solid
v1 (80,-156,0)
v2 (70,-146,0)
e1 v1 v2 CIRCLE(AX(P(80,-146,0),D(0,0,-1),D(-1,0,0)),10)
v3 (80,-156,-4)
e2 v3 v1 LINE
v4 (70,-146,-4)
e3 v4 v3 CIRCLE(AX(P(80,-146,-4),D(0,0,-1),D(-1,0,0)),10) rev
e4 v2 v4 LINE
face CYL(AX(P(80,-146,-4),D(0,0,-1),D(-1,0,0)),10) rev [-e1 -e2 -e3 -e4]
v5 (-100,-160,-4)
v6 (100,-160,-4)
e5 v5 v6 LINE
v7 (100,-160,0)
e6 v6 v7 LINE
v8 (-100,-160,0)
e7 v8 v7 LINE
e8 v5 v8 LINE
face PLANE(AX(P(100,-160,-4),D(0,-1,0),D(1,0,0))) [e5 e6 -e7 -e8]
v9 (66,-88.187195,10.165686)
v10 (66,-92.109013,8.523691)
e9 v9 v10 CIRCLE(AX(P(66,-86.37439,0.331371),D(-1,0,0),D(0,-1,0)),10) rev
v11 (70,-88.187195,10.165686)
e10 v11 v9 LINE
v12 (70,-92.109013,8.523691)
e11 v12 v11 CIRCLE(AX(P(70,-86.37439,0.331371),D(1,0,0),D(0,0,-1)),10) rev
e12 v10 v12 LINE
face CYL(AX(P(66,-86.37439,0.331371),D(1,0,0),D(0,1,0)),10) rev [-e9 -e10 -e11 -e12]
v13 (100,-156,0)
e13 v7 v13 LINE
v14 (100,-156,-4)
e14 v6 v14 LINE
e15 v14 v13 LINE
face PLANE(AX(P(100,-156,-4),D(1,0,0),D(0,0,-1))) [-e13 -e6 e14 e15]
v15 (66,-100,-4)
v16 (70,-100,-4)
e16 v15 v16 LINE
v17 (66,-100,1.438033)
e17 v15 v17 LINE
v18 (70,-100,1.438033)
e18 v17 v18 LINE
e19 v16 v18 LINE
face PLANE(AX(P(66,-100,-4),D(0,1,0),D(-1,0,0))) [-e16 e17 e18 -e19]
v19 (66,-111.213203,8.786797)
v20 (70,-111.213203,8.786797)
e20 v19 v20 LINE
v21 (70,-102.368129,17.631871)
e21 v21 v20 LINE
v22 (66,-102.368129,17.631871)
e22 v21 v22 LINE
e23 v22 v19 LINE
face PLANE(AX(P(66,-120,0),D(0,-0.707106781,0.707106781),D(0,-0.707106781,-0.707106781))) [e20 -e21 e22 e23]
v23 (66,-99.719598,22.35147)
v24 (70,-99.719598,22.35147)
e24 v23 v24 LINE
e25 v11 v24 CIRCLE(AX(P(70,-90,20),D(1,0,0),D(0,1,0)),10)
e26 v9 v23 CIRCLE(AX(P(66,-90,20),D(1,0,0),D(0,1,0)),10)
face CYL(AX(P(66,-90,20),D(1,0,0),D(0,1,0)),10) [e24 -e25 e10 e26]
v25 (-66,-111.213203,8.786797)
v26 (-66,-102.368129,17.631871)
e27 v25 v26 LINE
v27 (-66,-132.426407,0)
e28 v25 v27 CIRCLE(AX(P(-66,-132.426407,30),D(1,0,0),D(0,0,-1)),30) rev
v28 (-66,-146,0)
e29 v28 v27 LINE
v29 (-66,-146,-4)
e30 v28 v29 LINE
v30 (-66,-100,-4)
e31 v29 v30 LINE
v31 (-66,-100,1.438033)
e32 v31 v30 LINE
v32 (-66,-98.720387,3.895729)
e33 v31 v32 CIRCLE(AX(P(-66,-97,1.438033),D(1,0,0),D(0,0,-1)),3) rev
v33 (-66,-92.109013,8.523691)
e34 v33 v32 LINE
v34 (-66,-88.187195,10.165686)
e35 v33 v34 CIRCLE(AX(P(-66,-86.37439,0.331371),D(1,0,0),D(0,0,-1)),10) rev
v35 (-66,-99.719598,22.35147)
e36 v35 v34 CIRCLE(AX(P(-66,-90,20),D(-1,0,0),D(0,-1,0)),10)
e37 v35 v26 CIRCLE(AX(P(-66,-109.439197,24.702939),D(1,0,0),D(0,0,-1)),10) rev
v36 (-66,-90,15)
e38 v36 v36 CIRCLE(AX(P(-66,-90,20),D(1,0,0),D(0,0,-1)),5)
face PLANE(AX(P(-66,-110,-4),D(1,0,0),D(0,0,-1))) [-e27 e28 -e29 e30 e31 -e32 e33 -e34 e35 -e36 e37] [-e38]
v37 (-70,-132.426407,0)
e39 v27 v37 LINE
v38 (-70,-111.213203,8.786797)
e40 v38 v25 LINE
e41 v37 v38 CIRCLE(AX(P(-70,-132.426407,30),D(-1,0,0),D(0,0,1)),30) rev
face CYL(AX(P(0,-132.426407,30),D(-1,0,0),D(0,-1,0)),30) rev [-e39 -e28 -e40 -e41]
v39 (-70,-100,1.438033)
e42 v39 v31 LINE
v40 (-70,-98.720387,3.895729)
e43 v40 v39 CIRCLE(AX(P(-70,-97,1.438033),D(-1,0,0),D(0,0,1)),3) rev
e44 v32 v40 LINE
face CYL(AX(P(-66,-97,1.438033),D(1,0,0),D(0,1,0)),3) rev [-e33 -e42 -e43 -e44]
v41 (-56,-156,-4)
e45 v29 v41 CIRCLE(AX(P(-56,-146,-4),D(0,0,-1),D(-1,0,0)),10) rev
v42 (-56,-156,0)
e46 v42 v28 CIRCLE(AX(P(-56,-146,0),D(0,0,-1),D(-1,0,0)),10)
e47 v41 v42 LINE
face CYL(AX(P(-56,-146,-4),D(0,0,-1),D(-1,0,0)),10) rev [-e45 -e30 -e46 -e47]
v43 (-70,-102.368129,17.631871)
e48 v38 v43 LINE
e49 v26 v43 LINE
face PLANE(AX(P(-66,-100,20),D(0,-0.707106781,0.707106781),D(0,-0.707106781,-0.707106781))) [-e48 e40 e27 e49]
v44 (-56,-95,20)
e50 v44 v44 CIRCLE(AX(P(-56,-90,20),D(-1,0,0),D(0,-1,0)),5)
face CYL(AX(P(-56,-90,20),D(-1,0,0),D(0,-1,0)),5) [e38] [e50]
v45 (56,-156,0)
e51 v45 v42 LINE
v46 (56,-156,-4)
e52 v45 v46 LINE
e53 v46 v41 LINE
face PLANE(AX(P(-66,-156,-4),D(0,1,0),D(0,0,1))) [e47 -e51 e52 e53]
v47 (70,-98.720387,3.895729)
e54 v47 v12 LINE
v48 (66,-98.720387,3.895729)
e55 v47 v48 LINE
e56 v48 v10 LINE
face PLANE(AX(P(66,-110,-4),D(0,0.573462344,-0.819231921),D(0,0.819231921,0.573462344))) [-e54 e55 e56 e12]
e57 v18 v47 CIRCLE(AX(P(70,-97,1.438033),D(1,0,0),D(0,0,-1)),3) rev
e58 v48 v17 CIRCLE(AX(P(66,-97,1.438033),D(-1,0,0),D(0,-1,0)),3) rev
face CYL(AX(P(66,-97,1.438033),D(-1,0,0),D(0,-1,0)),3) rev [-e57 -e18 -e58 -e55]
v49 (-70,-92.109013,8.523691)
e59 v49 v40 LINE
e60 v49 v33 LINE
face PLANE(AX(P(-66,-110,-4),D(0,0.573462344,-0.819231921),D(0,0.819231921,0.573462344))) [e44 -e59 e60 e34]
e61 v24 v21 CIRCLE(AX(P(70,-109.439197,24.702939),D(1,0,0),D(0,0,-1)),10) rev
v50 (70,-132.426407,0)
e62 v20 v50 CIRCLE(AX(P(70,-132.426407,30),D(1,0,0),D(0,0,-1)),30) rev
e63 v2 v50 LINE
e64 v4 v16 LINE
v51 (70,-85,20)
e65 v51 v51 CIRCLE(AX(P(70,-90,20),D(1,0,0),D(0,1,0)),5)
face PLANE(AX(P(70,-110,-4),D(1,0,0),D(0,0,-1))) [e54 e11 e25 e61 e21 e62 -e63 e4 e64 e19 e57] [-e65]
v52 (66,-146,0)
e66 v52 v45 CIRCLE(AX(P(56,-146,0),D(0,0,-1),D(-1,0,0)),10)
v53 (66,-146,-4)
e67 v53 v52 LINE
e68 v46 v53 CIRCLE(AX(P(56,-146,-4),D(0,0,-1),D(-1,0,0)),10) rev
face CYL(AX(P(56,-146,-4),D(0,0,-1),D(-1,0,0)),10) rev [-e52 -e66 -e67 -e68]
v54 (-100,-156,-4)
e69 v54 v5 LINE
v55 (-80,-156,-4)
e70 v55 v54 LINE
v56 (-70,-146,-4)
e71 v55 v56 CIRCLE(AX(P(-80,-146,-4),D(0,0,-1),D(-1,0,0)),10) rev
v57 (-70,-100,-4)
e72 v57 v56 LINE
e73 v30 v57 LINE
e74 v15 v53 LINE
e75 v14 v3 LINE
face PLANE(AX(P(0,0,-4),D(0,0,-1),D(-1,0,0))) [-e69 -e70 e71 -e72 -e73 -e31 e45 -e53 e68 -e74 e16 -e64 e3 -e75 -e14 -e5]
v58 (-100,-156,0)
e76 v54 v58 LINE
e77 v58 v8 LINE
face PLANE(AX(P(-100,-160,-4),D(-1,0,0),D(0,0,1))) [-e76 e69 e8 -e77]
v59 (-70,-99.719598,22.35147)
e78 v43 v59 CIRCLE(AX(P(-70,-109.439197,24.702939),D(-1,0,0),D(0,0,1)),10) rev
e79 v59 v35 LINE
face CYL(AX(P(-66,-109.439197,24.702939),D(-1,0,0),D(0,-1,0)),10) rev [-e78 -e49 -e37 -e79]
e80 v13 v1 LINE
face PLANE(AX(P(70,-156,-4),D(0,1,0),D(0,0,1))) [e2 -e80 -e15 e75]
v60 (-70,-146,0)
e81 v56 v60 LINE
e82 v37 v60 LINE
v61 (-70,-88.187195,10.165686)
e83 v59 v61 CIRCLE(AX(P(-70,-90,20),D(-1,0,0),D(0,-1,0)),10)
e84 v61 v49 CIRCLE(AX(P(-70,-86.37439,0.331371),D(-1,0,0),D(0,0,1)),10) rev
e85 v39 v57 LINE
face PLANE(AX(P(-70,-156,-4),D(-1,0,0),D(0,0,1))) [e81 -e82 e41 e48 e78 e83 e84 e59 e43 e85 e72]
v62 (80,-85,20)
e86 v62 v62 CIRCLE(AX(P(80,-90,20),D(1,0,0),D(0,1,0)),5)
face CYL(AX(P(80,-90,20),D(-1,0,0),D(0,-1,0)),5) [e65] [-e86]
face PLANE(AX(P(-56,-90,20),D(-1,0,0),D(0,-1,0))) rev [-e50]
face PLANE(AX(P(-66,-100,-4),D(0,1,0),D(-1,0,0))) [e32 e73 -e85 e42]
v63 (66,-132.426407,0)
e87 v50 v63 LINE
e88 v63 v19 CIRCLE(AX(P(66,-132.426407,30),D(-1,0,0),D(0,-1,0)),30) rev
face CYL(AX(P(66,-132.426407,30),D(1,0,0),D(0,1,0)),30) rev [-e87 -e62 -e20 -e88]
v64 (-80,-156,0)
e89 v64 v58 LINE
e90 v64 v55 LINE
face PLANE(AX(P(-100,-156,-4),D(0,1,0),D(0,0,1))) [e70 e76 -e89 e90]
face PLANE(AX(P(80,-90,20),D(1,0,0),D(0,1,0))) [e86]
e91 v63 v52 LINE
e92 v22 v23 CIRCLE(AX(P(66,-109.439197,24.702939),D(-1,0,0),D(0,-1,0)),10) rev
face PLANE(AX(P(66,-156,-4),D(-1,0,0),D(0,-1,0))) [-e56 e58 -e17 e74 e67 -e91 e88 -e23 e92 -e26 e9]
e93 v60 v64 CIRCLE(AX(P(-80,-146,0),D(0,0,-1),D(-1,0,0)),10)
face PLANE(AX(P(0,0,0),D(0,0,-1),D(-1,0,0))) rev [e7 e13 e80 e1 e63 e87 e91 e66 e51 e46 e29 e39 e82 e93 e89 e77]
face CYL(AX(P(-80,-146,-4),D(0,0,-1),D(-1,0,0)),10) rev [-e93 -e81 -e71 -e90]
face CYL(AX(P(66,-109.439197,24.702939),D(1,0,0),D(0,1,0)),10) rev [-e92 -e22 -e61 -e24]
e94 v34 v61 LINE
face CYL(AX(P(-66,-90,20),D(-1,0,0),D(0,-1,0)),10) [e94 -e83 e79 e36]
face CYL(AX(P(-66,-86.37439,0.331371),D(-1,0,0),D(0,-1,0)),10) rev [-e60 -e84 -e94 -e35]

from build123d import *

# Parameters (mm, degrees)
BOSS_EXTRU_1_DEPTH = 4
BOSS_EXTRU_2_DEPTH = 4
BOSS_EXTRU_3_START = -4
BOSS_EXTRU_3_DEPTH = 4
CONG_1_R           = 30
CONG_2_R           = 30
CONG_3_R           = 10
BOSS_EXTRU_4_DEPTH = 4
BOSS_EXTRU_5_DEPTH = 4
ESQUISSE7_R        = 5
BOSS_EXTRU_6_DEPTH = 10
ESQUISSE9_R        = 5
BOSS_EXTRU_7_DEPTH = 14
CONG_4_R           = 10
CONG_5_R           = 3


with BuildPart() as part:
    # Esquisse1 → Boss.-Extru.1 (new body)
    with BuildSketch(Plane.XY):
        Polygon((-70, -110), (-66, -110), (-66, -156), (66, -156), (66, -110), (70, -110), (70, -156), (100, -156), (100, -160), (-100, -160), (-100, -156), (-70, -156), align=None)
    extrude(amount=-BOSS_EXTRU_1_DEPTH)

    # Esquisse2 → Boss.-Extru.2 (add)
    with BuildSketch(Plane(origin=(70, 0, 0), x_dir=(0, 0, -1), z_dir=(1, 0, 0))):
        with BuildLine():
            Line((0, -120), (-20, -100))
            ThreePointArc((-20, -100), (-27.071067812, -82.928932188), (-10, -90))
            Line((-10, -90), (4, -110))
            Line((4, -110), (0, -110))
            Line((0, -110), (0, -120))
        make_face()
    extrude(amount=-BOSS_EXTRU_2_DEPTH)

    # Esquisse3 → Boss.-Extru.3 (add)
    with BuildSketch(Plane.ZY.offset(70).offset(BOSS_EXTRU_3_START)):
        with BuildLine():
            Line((-4, -110), (10, -90))
            ThreePointArc((10, -90), (27.071067812, -82.928932188), (20, -100))
            Line((20, -100), (0, -120))
            Line((0, -120), (0, -110))
            Line((0, -110), (-4, -110))
        make_face()
    extrude(amount=BOSS_EXTRU_3_DEPTH)

    # Congé1
    cong_1_edges = [part.edges().sort_by_distance(p)[0] for p in [
        (68, -120, 0),
        (-68, -120, 0),
    ]]
    fillet(cong_1_edges, radius=CONG_1_R)

    # Congé2
    cong_2_edges = [part.edges().sort_by_distance(p)[0] for p in [
        (68, -110, -4),
        (-68, -110, -4),
    ]]
    fillet(cong_2_edges, radius=CONG_2_R)

    # Congé3
    cong_3_edges = [part.edges().sort_by_distance(p)[0] for p in [
        (-70, -156, -2),
        (-66, -156, -2),
        (66, -156, -2),
        (70, -156, -2),
    ]]
    fillet(cong_3_edges, radius=CONG_3_R)

    # Esquisse4 → Boss.-Extru.4 (add)
    with BuildSketch(Plane.ZY.offset(70)):
        Polygon((-4, -119.456666925), (-4, -100), (3, -100), align=None)
    extrude(amount=-BOSS_EXTRU_4_DEPTH)

    # Esquisse6 → Boss.-Extru.5 (add)
    with BuildSketch(Plane(origin=(70, 0, 0), x_dir=(0, 0, -1), z_dir=(1, 0, 0))):
        Polygon((4, -119.456666925), (4, -100), (-3, -100), align=None)
    extrude(amount=-BOSS_EXTRU_5_DEPTH)

    # Esquisse7 → Boss.-Extru.6 (add)
    with BuildSketch(Plane(origin=(70, 0, 0), x_dir=(0, 0, -1), z_dir=(1, 0, 0))):
        with Locations(Location((-20, -90, 0), (0, 0, 90))):
            Circle(ESQUISSE7_R)
    extrude(amount=BOSS_EXTRU_6_DEPTH)

    # Esquisse9 → Boss.-Extru.7 (add)
    with BuildSketch(Plane.ZY.offset(70)):
        with Locations(Location((20, -90, 0), (0, 0, 90))):
            Circle(ESQUISSE9_R)
    extrude(amount=-BOSS_EXTRU_7_DEPTH)

    # Congé4
    cong_4_edges = [part.edges().sort_by_distance(p)[0] for p in [
        (68, -100, 20),
        (68, -90, 10),
        (-68, -90, 10),
        (-68, -100, 20),
    ]]
    fillet(cong_4_edges, radius=CONG_4_R)

    # Congé5
    cong_5_edges = [part.edges().sort_by_distance(p)[0] for p in [
        (-68, -100, 3),
        (68, -100, 3),
    ]]
    fillet(cong_5_edges, radius=CONG_5_R)


solid = part.part
